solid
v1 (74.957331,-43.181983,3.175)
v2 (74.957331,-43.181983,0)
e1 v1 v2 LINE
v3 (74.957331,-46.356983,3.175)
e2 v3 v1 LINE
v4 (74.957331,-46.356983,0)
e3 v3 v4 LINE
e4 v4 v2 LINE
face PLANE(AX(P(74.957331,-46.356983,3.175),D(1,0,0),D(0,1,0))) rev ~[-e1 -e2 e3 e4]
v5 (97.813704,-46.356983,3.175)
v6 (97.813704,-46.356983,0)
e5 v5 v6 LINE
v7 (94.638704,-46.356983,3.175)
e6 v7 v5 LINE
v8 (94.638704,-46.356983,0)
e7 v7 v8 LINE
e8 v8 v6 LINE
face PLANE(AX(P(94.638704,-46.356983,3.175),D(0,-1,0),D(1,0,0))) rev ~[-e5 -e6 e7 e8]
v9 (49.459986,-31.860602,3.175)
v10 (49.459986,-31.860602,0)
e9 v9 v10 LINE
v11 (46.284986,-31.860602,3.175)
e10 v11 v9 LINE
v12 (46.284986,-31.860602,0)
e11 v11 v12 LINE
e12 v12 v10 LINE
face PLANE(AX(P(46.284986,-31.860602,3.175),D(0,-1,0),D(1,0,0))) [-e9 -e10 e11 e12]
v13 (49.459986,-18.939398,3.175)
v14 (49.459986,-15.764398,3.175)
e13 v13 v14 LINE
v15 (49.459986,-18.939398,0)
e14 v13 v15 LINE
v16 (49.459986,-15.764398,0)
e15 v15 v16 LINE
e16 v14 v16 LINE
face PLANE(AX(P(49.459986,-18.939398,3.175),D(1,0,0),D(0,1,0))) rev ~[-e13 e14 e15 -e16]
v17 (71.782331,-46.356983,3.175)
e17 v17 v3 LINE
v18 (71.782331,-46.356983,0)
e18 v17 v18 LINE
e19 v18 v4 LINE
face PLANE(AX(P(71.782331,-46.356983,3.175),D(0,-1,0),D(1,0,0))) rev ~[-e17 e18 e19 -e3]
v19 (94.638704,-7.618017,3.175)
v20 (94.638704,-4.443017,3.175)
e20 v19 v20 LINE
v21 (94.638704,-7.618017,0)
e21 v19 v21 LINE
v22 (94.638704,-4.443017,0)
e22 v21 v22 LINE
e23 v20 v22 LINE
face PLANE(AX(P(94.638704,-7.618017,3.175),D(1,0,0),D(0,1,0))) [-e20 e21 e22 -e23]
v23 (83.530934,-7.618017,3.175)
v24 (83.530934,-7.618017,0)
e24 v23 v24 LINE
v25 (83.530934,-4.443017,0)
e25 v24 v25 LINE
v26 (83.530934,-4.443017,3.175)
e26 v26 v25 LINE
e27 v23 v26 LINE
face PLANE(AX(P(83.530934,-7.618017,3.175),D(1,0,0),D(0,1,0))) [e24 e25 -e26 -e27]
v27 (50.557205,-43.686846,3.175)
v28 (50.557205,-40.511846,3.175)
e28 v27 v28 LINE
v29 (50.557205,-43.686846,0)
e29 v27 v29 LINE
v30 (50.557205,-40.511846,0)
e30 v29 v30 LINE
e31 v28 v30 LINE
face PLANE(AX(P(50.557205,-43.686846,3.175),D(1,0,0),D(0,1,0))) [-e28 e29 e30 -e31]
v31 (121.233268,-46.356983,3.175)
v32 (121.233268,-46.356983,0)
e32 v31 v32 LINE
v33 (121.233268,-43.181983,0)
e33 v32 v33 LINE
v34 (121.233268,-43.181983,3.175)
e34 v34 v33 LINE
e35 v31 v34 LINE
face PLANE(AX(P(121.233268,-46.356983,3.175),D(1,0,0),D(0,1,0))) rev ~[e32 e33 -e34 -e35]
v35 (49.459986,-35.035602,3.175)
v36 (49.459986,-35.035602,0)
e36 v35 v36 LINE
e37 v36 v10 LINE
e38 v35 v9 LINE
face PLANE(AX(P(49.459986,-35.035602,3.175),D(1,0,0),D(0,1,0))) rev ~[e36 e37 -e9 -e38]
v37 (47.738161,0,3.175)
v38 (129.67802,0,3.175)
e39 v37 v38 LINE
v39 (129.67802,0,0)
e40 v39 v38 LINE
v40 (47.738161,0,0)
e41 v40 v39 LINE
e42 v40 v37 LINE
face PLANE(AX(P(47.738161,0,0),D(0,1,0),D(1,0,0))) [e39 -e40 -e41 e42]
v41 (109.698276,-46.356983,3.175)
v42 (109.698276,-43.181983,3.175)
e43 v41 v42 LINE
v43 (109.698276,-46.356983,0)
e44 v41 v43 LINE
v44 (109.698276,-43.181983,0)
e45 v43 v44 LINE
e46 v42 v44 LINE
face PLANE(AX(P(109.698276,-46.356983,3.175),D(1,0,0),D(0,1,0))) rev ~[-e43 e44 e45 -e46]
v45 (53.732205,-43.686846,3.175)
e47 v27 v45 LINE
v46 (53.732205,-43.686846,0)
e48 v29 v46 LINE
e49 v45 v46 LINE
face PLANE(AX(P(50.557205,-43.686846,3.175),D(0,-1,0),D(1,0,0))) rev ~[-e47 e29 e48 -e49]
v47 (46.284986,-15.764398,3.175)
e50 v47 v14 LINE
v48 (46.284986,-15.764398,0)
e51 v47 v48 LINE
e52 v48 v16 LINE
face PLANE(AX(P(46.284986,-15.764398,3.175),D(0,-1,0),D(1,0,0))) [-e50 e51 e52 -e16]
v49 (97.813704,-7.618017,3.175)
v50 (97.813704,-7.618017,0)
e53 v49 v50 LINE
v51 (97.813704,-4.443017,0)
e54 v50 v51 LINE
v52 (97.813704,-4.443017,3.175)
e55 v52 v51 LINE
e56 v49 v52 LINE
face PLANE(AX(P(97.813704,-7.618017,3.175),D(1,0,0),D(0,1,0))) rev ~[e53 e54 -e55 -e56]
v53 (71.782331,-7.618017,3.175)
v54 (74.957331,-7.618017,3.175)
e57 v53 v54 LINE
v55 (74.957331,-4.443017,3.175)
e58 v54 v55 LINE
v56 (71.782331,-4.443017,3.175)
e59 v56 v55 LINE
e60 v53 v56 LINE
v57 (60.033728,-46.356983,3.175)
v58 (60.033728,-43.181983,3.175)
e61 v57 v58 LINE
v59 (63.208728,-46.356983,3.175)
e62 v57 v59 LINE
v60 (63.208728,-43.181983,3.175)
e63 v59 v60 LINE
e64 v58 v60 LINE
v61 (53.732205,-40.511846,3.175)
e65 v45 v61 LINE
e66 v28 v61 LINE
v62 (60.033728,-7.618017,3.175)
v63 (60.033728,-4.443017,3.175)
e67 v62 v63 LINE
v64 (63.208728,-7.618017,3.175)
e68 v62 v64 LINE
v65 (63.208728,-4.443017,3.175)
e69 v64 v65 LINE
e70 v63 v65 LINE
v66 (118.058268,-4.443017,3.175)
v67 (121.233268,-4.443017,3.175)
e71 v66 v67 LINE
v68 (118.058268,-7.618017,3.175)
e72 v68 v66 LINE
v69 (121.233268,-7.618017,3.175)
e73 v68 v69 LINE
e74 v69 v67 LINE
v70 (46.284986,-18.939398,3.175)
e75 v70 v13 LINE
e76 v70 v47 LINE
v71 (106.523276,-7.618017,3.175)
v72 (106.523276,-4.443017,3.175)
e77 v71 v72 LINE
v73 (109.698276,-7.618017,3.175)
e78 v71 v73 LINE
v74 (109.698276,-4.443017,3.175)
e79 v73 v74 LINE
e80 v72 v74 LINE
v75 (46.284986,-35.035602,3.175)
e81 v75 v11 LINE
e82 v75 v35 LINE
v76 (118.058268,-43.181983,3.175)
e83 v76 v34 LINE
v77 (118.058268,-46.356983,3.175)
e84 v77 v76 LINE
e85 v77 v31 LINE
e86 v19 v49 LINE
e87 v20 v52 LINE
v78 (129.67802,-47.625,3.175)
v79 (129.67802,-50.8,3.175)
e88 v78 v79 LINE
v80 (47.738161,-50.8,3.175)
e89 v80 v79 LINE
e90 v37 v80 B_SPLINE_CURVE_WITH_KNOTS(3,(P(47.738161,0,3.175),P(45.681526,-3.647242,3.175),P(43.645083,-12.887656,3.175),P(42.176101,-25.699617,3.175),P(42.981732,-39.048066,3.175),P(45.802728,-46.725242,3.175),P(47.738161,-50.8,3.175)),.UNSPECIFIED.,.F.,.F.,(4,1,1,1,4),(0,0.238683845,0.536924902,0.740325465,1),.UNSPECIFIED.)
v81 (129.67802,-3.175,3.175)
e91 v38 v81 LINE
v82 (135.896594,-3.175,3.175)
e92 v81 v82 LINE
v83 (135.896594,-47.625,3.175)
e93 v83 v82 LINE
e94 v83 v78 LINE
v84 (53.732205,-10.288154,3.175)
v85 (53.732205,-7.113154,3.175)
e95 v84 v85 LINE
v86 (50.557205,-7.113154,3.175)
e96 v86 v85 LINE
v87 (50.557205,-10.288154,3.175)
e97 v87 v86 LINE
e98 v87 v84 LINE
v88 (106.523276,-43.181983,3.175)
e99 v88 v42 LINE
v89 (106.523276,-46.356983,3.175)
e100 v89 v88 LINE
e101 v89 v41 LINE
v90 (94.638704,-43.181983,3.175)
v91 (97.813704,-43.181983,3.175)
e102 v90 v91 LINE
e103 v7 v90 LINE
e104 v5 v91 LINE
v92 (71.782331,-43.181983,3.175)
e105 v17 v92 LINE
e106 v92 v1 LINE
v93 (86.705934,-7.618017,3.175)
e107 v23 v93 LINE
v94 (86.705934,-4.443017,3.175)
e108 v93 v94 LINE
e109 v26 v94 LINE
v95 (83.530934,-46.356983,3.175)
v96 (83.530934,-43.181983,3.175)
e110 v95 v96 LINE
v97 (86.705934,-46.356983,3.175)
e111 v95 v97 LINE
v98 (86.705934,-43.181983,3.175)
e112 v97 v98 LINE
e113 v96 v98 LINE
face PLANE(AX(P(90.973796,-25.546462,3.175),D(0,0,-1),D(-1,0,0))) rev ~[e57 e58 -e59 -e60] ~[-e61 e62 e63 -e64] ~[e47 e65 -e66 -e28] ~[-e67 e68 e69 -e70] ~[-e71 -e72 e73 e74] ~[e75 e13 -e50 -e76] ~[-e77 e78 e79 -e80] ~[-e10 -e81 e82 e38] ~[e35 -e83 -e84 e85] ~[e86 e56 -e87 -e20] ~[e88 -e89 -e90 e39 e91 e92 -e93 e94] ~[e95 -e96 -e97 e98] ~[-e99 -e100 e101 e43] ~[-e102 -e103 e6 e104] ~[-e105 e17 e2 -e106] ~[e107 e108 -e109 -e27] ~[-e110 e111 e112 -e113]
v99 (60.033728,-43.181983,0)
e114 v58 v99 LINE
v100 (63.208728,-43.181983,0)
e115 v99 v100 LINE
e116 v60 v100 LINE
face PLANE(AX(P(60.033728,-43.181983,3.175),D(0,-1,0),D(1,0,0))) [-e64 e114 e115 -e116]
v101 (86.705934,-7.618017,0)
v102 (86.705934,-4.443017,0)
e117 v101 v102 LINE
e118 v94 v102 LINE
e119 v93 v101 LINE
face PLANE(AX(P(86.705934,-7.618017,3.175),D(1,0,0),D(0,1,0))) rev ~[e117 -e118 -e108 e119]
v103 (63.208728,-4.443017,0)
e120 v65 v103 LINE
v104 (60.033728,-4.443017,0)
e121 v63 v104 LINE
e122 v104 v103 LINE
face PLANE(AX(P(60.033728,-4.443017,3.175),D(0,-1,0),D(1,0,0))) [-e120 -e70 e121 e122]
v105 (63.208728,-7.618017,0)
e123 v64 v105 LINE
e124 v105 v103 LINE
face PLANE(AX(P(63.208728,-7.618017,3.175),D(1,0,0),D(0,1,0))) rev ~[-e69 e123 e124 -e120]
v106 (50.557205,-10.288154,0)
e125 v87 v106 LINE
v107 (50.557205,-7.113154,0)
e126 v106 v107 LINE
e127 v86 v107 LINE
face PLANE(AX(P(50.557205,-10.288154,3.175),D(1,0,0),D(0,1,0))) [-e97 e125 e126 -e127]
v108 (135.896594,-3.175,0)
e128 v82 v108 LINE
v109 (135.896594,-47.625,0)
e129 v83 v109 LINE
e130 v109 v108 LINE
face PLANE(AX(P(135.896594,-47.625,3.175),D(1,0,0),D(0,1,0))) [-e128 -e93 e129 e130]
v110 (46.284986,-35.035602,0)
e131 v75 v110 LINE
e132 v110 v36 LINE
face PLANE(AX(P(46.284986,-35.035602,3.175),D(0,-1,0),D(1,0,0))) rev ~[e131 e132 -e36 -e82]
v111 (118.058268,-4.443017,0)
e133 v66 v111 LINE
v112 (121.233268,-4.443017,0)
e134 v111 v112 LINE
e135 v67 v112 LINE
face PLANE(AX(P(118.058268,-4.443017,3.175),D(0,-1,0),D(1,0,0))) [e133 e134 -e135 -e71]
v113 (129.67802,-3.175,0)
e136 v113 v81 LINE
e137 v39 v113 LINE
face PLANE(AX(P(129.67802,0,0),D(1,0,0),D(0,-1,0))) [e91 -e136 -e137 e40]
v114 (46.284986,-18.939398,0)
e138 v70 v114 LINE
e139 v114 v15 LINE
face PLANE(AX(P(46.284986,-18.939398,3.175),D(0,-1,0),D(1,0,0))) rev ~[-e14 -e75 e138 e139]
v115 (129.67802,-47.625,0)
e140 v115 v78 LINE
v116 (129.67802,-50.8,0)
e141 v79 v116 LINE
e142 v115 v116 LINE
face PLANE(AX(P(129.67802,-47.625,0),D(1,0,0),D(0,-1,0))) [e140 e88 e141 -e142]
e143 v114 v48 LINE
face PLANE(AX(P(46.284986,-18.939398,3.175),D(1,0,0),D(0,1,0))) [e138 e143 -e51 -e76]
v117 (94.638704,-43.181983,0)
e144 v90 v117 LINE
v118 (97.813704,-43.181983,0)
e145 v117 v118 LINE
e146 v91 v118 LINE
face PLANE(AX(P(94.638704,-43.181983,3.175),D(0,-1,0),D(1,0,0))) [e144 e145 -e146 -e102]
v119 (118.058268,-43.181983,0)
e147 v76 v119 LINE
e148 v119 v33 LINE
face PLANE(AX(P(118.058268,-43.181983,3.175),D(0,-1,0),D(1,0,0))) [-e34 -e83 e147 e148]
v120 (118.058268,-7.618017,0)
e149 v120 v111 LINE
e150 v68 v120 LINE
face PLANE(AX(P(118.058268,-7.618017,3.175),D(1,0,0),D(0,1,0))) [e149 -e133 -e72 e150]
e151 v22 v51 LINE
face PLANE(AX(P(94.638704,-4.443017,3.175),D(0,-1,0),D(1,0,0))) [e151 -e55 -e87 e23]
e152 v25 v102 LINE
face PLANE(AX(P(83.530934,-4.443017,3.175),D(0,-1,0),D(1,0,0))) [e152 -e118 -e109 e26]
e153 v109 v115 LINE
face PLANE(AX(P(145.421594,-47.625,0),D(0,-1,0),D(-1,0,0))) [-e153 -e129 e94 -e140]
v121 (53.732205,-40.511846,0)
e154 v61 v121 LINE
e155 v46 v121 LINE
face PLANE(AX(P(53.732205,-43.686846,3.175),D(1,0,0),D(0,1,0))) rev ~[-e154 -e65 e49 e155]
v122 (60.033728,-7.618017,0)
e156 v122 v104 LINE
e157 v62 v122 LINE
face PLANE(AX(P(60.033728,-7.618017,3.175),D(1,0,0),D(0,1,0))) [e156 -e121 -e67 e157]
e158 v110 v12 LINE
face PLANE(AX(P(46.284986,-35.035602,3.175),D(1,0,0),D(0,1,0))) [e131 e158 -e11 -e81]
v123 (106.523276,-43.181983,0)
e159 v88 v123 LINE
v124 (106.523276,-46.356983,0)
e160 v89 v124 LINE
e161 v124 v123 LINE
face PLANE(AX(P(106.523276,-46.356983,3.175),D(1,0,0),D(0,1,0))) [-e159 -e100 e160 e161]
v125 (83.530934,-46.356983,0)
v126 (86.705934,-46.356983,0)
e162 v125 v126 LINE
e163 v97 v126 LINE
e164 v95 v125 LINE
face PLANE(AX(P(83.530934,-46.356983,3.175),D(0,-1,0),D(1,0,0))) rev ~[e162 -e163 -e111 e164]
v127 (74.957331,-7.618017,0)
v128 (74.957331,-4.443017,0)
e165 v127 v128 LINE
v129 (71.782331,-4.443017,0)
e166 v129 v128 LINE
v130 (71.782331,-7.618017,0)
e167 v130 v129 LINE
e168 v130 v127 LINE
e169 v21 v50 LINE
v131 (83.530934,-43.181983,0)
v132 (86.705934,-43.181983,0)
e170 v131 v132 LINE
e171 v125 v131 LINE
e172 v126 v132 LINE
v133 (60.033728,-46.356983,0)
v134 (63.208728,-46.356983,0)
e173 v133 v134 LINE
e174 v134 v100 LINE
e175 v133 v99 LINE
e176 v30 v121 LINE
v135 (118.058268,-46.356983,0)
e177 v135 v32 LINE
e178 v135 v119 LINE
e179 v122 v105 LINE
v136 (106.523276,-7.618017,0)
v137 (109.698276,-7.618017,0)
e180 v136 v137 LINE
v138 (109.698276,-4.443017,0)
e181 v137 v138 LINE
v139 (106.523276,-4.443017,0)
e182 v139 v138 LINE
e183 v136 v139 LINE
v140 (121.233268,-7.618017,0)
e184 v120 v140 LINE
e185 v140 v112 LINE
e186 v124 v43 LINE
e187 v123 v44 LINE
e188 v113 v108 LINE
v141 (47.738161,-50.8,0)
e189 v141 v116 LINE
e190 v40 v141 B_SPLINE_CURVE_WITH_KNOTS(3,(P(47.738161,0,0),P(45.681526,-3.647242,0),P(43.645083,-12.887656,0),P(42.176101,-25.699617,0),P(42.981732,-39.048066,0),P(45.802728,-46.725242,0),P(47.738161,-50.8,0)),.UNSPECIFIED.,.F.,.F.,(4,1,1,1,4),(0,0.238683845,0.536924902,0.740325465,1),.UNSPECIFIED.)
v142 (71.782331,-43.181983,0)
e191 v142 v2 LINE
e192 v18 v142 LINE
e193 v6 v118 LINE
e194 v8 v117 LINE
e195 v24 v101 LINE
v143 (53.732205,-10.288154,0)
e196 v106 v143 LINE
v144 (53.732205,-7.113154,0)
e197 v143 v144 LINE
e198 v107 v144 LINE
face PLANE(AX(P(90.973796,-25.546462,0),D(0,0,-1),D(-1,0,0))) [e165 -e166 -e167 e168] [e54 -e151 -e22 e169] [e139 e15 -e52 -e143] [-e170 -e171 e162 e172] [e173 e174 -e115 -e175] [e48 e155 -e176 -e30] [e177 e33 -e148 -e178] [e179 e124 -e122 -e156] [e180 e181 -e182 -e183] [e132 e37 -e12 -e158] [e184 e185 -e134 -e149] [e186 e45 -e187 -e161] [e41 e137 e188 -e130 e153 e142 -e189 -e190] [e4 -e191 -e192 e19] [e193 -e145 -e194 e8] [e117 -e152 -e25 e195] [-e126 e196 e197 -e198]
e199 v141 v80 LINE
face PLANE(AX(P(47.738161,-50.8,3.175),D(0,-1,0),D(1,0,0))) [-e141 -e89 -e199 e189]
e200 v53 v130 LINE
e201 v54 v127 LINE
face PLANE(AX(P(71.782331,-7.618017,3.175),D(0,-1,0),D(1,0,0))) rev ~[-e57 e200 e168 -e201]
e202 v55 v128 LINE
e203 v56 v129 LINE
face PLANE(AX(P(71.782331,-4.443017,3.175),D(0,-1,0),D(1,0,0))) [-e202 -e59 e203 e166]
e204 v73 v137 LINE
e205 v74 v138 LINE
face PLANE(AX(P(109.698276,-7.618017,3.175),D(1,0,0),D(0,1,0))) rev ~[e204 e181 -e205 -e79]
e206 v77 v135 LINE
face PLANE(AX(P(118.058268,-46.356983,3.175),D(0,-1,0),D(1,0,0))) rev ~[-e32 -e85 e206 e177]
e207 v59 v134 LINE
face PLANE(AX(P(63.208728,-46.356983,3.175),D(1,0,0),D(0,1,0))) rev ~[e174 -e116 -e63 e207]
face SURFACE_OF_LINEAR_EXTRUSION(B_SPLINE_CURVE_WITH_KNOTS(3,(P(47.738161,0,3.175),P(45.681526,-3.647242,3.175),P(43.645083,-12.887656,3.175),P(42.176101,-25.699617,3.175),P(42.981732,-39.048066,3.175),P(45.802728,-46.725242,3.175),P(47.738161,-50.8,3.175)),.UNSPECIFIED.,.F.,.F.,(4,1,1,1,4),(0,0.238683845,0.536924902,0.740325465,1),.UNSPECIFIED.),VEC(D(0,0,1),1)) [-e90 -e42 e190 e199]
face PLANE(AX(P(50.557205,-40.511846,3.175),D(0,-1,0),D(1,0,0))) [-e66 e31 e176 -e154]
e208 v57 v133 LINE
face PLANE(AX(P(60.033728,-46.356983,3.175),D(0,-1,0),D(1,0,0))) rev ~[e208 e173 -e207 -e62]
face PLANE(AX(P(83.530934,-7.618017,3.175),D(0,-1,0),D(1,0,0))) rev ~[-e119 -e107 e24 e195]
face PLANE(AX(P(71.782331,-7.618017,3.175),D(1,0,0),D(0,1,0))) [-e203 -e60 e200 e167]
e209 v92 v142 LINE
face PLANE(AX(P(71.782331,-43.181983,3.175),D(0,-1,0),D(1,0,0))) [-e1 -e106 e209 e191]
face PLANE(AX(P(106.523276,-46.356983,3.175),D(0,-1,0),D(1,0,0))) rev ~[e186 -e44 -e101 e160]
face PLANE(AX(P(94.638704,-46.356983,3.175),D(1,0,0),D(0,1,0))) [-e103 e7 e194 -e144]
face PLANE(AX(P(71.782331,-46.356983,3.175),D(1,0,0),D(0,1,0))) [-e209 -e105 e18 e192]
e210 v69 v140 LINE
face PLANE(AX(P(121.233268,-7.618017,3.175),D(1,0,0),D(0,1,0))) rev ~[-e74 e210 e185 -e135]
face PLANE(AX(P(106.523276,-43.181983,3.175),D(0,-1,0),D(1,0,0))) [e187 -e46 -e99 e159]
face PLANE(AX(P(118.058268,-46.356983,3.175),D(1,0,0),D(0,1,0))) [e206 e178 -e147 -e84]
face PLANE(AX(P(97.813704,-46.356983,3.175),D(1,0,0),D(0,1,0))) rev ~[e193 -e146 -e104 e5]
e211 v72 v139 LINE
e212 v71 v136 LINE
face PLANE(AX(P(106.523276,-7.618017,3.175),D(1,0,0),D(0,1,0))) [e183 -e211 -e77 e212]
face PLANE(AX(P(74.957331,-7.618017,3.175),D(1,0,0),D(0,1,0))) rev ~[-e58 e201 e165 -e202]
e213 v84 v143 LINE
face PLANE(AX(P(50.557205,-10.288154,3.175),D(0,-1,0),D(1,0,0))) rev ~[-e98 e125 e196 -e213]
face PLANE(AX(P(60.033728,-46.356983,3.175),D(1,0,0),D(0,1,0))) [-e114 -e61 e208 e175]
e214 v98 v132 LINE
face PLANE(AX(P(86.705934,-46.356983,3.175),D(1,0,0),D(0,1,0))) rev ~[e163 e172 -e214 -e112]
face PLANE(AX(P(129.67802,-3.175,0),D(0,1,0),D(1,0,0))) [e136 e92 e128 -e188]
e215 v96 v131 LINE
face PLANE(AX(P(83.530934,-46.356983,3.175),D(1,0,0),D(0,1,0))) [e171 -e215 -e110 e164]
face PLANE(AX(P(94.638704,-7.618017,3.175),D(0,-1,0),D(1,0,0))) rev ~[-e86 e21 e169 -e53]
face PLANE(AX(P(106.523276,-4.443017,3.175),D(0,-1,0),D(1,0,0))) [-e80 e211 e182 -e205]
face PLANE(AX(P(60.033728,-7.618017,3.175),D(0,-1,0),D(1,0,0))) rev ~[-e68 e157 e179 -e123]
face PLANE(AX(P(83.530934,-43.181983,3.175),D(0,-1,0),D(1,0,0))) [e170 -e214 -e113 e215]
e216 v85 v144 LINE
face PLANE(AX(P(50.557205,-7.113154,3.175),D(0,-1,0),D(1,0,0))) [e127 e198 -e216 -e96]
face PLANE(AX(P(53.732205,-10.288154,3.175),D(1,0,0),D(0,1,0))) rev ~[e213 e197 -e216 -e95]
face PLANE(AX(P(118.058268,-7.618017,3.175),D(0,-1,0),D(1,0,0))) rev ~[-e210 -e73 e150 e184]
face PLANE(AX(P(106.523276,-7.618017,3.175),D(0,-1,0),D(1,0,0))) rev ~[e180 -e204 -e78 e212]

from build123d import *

# Parameters (mm, degrees)
BOSS_EXTRUDE1_DEPTH = 3.175
CUT_EXTRUDE1_DEPTH  = 3.175
SKETCH3_W           = 3.175
SKETCH3_H           = 3.175
CUT_EXTRUDE2_DEPTH  = 3.175
SKETCH4_W           = 9.525
SKETCH4_H           = 44.45
CUT_EXTRUDE3_DEPTH  = 3.175
CUT_EXTRUDE4_DEPTH  = 3.175


with BuildPart() as part:
    # Sketch1 → Boss-Extrude1 (new body)
    with BuildSketch(Plane.XY):
        with BuildLine():
            Line((47.738161277, 0), (129.678020066, 0))
            Line((129.678020066, 0), (129.678020066, -3.175))
            Line((129.678020066, -3.175), (145.421593995, -3.175))
            Line((145.421593995, -3.175), (145.421593995, -47.625))
            Line((145.421593995, -47.625), (129.678020066, -47.625))
            Line((129.678020066, -47.625), (129.678020066, -51.488987453))
            Line((129.678020066, -51.488987453), (47.738161277, -50.8))
            add(Edge.make_bspline(
                [(47.738161277, 0), (41.393133439, -1.711069928), (30.530442831, -9.367517151), (28.681444031, -25.622801065), (30.401296487, -42.131760993), (41.721917061, -48.493240739), (47.738161277, -50.8)],
                knots=[0, 0, 0, 0, 0.298782405, 0.512668788, 0.698134952, 1, 1, 1, 1], degree=3))
        make_face()
    extrude(amount=BOSS_EXTRUDE1_DEPTH)

    # Sketch2 → Cut-Extrude1 (cut)
    with BuildSketch(Plane.XY.offset(3.175)):
        with BuildLine():
            Line((47.738161277, 0), (25.94415126, 0))
            Line((25.94415126, 0), (25.94415126, -50.8))
            Line((25.94415126, -50.8), (47.738161277, -50.8))
            add(Edge.make_bspline(
                [(47.738161277, 0), (45.681525529, -3.647242432), (43.645083007, -12.887655636), (42.176101449, -25.699616702), (42.981732395, -39.048066027), (45.802728015, -46.725242417), (47.738161277, -50.8)],
                knots=[0, 0, 0, 0, 0.238683845, 0.536924902, 0.740325465, 1, 1, 1, 1], degree=3))
        make_face()
    extrude(amount=-CUT_EXTRUDE1_DEPTH, mode=Mode.SUBTRACT)

    # Sketch3 → Cut-Extrude2 (cut)
    with BuildSketch(Plane.XY.offset(3.175)):
        with Locations((61.621228186, -6.030517165)):
            Rectangle(SKETCH3_W, SKETCH3_H)
        with Locations((73.369830924, -6.030517165)):
            Rectangle(SKETCH3_W, SKETCH3_H)
        with Locations((85.118433661, -6.030517165)):
            Rectangle(SKETCH3_W, SKETCH3_H)
        with Locations((96.226203523, -6.030517165)):
            Rectangle(SKETCH3_W, SKETCH3_H)
        with Locations((108.110776123, -6.030517165)):
            Rectangle(SKETCH3_W, SKETCH3_H)
        with Locations((119.645767902, -6.030517165)):
            Rectangle(SKETCH3_W, SKETCH3_H)
        with Locations((52.144704899, -8.700654151)):
            Rectangle(SKETCH3_W, SKETCH3_H)
        with Locations((47.872485722, -17.351897985)):
            Rectangle(SKETCH3_W, SKETCH3_H)
        with Locations((47.872485722, -33.448102015)):
            Rectangle(SKETCH3_W, SKETCH3_H)
        with Locations((52.144704899, -42.099345849)):
            Rectangle(SKETCH3_W, SKETCH3_H)
        with Locations((61.621228186, -44.769482835)):
            Rectangle(SKETCH3_W, SKETCH3_H)
        with Locations((73.369830924, -44.769482835)):
            Rectangle(SKETCH3_W, SKETCH3_H)
        with Locations((85.118433661, -44.769482835)):
            Rectangle(SKETCH3_W, SKETCH3_H)
        with Locations((96.226203523, -44.769482835)):
            Rectangle(SKETCH3_W, SKETCH3_H)
        with Locations((108.110776123, -44.769482835)):
            Rectangle(SKETCH3_W, SKETCH3_H)
        with Locations((119.645767902, -44.769482835)):
            Rectangle(SKETCH3_W, SKETCH3_H)
    extrude(amount=-CUT_EXTRUDE2_DEPTH, mode=Mode.SUBTRACT)

    # Sketch4 → Cut-Extrude3 (cut)
    with BuildSketch(Plane.XY.offset(3.175)):
        with Locations((140.659093995, -25.4)):
            Rectangle(SKETCH4_W, SKETCH4_H)
    extrude(amount=-CUT_EXTRUDE3_DEPTH, mode=Mode.SUBTRACT)

    # Sketch5 → Cut-Extrude4 (cut)
    with BuildSketch(Plane.XY.offset(3.175)):
        Polygon((131.864975324, -55.496835694), (47.738161277, -50.8), (131.864975324, -50.8), align=None)
    extrude(amount=-CUT_EXTRUDE4_DEPTH, mode=Mode.SUBTRACT)


solid = part.part
